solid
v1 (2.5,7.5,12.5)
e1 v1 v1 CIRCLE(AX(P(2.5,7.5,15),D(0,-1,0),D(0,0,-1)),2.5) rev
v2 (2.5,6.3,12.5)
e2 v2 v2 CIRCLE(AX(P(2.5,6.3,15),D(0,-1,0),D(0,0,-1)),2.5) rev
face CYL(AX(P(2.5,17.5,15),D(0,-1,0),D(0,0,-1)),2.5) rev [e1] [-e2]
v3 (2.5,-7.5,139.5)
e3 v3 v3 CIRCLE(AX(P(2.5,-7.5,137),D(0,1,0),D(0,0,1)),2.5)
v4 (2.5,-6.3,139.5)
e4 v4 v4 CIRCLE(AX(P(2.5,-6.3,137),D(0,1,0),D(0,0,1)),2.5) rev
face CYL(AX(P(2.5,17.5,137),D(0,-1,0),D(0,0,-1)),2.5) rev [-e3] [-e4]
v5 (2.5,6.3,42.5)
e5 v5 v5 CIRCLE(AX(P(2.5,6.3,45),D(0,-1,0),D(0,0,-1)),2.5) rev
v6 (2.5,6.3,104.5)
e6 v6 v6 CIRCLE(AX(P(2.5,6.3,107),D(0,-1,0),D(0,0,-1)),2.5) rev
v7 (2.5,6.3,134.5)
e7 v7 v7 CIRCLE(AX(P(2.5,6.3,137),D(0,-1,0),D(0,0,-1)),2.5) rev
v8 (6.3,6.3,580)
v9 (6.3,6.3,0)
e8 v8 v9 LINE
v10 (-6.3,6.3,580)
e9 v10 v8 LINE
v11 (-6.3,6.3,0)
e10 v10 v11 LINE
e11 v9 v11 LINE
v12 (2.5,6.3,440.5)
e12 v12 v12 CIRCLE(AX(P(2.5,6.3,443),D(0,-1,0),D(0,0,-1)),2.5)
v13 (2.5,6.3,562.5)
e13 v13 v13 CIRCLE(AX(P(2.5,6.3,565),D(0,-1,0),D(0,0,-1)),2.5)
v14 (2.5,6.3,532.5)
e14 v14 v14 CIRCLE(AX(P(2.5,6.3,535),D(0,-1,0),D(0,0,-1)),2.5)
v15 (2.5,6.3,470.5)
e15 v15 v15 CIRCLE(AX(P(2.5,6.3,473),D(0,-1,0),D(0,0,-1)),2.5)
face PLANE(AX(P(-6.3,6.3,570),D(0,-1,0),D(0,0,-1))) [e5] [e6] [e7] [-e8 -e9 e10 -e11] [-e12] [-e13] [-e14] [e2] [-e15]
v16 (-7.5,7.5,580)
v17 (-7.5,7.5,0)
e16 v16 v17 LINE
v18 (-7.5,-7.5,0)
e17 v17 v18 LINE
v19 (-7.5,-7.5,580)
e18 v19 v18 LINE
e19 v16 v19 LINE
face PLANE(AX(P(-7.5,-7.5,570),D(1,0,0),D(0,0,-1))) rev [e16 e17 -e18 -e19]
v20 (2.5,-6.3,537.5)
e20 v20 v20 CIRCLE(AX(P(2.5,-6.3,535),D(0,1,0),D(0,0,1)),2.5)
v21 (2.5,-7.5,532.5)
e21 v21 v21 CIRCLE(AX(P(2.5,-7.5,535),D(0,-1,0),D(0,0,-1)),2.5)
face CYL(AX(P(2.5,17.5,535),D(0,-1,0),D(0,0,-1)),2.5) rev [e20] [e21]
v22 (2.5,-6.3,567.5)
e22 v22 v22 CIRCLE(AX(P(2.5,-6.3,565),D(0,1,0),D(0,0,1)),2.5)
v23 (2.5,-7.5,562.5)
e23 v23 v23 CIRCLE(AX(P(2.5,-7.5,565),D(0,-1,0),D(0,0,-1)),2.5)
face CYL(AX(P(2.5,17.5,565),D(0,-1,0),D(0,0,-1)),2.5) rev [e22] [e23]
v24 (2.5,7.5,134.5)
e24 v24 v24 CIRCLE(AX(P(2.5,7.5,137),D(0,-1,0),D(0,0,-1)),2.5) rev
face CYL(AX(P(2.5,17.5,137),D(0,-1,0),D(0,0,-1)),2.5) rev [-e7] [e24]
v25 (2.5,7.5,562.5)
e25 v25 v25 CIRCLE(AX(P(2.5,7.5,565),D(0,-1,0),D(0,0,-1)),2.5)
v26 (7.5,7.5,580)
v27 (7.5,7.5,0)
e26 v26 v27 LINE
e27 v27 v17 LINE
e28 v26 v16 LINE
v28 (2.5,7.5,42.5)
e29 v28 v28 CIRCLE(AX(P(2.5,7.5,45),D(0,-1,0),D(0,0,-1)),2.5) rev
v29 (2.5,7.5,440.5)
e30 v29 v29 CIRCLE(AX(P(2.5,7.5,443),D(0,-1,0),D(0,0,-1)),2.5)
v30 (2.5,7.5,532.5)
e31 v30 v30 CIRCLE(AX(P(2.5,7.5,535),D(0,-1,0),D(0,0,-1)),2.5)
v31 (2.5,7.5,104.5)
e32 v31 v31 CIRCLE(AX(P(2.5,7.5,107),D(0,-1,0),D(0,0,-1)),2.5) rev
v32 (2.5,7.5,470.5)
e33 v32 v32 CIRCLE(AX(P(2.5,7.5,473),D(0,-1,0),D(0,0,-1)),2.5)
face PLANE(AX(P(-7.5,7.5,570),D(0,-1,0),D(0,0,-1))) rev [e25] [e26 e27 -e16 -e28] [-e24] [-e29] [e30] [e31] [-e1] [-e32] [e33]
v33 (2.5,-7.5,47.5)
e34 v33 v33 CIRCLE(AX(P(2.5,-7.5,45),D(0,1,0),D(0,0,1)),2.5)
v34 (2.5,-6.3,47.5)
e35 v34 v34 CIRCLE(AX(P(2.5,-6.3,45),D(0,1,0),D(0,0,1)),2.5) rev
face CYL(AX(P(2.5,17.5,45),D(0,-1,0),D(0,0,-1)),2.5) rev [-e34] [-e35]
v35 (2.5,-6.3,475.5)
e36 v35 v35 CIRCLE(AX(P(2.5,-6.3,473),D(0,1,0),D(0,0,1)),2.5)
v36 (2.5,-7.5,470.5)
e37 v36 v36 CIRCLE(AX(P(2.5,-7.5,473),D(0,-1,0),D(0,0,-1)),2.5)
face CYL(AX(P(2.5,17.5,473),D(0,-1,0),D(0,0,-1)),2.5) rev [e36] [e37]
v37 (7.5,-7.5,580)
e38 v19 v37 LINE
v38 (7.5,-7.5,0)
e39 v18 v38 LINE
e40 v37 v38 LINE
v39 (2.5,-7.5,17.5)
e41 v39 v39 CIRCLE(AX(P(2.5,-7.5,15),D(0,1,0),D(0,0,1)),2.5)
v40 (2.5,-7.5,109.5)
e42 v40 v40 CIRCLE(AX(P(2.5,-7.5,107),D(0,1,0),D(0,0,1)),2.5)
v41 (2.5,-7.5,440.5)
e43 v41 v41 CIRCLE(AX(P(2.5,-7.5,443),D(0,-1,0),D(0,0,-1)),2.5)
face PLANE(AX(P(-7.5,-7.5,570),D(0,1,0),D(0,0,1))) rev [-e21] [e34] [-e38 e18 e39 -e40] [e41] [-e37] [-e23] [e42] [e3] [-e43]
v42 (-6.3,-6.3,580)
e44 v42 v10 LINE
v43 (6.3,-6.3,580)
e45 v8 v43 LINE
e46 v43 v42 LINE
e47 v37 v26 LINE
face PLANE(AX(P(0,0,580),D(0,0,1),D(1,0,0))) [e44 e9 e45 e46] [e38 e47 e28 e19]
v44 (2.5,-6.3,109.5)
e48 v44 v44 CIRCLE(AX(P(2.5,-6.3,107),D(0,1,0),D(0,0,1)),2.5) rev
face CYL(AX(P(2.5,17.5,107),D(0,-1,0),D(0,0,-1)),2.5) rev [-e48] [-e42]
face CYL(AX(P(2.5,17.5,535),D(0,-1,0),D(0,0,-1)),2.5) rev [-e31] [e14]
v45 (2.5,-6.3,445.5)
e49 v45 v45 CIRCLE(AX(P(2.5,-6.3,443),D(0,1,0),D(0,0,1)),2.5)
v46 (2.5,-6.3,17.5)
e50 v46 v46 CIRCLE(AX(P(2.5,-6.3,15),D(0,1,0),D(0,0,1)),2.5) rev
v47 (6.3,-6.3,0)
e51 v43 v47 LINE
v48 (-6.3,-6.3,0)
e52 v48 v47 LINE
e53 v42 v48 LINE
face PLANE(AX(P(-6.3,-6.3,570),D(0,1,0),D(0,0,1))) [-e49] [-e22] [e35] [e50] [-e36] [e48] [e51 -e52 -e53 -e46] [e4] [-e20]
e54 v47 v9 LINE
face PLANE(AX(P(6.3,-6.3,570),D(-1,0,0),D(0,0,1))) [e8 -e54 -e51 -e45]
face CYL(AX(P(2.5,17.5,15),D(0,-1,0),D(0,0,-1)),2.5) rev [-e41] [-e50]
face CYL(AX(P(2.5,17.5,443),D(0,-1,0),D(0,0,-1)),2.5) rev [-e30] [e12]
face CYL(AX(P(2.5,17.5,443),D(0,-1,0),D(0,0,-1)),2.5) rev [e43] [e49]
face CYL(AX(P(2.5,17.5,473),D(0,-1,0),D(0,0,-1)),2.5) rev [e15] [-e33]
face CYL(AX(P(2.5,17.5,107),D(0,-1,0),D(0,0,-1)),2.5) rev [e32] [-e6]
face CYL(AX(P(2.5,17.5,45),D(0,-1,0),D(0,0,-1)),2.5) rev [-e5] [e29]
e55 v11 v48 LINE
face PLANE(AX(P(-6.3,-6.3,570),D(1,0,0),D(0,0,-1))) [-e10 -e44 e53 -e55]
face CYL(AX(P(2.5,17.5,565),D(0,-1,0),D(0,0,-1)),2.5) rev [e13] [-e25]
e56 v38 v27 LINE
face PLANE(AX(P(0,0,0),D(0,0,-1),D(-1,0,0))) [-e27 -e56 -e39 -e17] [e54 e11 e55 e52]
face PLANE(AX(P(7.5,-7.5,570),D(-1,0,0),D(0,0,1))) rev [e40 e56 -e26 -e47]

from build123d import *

# Parameters (mm, degrees)
SKETCH_1_W          = 15
SKETCH_1_H          = 15
SKETCH_1_W_2        = 12.6
SKETCH_1_H_2        = 12.6
EXTRUDE_1_DEPTH     = 570
SKETCH_2_R          = 2.5
CUT_EXTRUDE_1_DEPTH = 25
SKETCH_4_W          = 15
SKETCH_4_H          = 15
SKETCH_4_W_2        = 12.6
SKETCH_4_H_2        = 12.6
EXTRUDE_2_DEPTH     = 10


with BuildPart() as part:
    # 草图1 → 凸台-拉伸1 (new body)
    with BuildSketch(Plane.XY):
        Rectangle(SKETCH_1_W, SKETCH_1_H)
        Rectangle(SKETCH_1_W_2, SKETCH_1_H_2, mode=Mode.SUBTRACT)
    extrude(amount=EXTRUDE_1_DEPTH)

    # 草图2 → 切除-拉伸1 (cut)
    with BuildSketch(Plane.XZ.offset(7.5)):
        with Locations((2.5, 565)):
            Circle(SKETCH_2_R)
        with Locations((2.5, 535)):
            Circle(SKETCH_2_R)
        with Locations((2.5, 473)):
            Circle(SKETCH_2_R)
        with Locations((2.5, 443)):
            Circle(SKETCH_2_R)
    cut_extrude_1 = extrude(amount=-CUT_EXTRUDE_1_DEPTH, mode=Mode.SUBTRACT)

    # 草图4 → 凸台-拉伸2 (add)
    with BuildSketch(Plane.XY.offset(570)):
        Rectangle(SKETCH_4_W, SKETCH_4_H)
        Rectangle(SKETCH_4_W_2, SKETCH_4_H_2, mode=Mode.SUBTRACT)
    extrude(amount=EXTRUDE_2_DEPTH)

    # 镜向1: 切除-拉伸1 across plane
    add(cut_extrude_1.mirror(Plane.XY.offset(290)), mode=Mode.SUBTRACT)


solid = part.part
